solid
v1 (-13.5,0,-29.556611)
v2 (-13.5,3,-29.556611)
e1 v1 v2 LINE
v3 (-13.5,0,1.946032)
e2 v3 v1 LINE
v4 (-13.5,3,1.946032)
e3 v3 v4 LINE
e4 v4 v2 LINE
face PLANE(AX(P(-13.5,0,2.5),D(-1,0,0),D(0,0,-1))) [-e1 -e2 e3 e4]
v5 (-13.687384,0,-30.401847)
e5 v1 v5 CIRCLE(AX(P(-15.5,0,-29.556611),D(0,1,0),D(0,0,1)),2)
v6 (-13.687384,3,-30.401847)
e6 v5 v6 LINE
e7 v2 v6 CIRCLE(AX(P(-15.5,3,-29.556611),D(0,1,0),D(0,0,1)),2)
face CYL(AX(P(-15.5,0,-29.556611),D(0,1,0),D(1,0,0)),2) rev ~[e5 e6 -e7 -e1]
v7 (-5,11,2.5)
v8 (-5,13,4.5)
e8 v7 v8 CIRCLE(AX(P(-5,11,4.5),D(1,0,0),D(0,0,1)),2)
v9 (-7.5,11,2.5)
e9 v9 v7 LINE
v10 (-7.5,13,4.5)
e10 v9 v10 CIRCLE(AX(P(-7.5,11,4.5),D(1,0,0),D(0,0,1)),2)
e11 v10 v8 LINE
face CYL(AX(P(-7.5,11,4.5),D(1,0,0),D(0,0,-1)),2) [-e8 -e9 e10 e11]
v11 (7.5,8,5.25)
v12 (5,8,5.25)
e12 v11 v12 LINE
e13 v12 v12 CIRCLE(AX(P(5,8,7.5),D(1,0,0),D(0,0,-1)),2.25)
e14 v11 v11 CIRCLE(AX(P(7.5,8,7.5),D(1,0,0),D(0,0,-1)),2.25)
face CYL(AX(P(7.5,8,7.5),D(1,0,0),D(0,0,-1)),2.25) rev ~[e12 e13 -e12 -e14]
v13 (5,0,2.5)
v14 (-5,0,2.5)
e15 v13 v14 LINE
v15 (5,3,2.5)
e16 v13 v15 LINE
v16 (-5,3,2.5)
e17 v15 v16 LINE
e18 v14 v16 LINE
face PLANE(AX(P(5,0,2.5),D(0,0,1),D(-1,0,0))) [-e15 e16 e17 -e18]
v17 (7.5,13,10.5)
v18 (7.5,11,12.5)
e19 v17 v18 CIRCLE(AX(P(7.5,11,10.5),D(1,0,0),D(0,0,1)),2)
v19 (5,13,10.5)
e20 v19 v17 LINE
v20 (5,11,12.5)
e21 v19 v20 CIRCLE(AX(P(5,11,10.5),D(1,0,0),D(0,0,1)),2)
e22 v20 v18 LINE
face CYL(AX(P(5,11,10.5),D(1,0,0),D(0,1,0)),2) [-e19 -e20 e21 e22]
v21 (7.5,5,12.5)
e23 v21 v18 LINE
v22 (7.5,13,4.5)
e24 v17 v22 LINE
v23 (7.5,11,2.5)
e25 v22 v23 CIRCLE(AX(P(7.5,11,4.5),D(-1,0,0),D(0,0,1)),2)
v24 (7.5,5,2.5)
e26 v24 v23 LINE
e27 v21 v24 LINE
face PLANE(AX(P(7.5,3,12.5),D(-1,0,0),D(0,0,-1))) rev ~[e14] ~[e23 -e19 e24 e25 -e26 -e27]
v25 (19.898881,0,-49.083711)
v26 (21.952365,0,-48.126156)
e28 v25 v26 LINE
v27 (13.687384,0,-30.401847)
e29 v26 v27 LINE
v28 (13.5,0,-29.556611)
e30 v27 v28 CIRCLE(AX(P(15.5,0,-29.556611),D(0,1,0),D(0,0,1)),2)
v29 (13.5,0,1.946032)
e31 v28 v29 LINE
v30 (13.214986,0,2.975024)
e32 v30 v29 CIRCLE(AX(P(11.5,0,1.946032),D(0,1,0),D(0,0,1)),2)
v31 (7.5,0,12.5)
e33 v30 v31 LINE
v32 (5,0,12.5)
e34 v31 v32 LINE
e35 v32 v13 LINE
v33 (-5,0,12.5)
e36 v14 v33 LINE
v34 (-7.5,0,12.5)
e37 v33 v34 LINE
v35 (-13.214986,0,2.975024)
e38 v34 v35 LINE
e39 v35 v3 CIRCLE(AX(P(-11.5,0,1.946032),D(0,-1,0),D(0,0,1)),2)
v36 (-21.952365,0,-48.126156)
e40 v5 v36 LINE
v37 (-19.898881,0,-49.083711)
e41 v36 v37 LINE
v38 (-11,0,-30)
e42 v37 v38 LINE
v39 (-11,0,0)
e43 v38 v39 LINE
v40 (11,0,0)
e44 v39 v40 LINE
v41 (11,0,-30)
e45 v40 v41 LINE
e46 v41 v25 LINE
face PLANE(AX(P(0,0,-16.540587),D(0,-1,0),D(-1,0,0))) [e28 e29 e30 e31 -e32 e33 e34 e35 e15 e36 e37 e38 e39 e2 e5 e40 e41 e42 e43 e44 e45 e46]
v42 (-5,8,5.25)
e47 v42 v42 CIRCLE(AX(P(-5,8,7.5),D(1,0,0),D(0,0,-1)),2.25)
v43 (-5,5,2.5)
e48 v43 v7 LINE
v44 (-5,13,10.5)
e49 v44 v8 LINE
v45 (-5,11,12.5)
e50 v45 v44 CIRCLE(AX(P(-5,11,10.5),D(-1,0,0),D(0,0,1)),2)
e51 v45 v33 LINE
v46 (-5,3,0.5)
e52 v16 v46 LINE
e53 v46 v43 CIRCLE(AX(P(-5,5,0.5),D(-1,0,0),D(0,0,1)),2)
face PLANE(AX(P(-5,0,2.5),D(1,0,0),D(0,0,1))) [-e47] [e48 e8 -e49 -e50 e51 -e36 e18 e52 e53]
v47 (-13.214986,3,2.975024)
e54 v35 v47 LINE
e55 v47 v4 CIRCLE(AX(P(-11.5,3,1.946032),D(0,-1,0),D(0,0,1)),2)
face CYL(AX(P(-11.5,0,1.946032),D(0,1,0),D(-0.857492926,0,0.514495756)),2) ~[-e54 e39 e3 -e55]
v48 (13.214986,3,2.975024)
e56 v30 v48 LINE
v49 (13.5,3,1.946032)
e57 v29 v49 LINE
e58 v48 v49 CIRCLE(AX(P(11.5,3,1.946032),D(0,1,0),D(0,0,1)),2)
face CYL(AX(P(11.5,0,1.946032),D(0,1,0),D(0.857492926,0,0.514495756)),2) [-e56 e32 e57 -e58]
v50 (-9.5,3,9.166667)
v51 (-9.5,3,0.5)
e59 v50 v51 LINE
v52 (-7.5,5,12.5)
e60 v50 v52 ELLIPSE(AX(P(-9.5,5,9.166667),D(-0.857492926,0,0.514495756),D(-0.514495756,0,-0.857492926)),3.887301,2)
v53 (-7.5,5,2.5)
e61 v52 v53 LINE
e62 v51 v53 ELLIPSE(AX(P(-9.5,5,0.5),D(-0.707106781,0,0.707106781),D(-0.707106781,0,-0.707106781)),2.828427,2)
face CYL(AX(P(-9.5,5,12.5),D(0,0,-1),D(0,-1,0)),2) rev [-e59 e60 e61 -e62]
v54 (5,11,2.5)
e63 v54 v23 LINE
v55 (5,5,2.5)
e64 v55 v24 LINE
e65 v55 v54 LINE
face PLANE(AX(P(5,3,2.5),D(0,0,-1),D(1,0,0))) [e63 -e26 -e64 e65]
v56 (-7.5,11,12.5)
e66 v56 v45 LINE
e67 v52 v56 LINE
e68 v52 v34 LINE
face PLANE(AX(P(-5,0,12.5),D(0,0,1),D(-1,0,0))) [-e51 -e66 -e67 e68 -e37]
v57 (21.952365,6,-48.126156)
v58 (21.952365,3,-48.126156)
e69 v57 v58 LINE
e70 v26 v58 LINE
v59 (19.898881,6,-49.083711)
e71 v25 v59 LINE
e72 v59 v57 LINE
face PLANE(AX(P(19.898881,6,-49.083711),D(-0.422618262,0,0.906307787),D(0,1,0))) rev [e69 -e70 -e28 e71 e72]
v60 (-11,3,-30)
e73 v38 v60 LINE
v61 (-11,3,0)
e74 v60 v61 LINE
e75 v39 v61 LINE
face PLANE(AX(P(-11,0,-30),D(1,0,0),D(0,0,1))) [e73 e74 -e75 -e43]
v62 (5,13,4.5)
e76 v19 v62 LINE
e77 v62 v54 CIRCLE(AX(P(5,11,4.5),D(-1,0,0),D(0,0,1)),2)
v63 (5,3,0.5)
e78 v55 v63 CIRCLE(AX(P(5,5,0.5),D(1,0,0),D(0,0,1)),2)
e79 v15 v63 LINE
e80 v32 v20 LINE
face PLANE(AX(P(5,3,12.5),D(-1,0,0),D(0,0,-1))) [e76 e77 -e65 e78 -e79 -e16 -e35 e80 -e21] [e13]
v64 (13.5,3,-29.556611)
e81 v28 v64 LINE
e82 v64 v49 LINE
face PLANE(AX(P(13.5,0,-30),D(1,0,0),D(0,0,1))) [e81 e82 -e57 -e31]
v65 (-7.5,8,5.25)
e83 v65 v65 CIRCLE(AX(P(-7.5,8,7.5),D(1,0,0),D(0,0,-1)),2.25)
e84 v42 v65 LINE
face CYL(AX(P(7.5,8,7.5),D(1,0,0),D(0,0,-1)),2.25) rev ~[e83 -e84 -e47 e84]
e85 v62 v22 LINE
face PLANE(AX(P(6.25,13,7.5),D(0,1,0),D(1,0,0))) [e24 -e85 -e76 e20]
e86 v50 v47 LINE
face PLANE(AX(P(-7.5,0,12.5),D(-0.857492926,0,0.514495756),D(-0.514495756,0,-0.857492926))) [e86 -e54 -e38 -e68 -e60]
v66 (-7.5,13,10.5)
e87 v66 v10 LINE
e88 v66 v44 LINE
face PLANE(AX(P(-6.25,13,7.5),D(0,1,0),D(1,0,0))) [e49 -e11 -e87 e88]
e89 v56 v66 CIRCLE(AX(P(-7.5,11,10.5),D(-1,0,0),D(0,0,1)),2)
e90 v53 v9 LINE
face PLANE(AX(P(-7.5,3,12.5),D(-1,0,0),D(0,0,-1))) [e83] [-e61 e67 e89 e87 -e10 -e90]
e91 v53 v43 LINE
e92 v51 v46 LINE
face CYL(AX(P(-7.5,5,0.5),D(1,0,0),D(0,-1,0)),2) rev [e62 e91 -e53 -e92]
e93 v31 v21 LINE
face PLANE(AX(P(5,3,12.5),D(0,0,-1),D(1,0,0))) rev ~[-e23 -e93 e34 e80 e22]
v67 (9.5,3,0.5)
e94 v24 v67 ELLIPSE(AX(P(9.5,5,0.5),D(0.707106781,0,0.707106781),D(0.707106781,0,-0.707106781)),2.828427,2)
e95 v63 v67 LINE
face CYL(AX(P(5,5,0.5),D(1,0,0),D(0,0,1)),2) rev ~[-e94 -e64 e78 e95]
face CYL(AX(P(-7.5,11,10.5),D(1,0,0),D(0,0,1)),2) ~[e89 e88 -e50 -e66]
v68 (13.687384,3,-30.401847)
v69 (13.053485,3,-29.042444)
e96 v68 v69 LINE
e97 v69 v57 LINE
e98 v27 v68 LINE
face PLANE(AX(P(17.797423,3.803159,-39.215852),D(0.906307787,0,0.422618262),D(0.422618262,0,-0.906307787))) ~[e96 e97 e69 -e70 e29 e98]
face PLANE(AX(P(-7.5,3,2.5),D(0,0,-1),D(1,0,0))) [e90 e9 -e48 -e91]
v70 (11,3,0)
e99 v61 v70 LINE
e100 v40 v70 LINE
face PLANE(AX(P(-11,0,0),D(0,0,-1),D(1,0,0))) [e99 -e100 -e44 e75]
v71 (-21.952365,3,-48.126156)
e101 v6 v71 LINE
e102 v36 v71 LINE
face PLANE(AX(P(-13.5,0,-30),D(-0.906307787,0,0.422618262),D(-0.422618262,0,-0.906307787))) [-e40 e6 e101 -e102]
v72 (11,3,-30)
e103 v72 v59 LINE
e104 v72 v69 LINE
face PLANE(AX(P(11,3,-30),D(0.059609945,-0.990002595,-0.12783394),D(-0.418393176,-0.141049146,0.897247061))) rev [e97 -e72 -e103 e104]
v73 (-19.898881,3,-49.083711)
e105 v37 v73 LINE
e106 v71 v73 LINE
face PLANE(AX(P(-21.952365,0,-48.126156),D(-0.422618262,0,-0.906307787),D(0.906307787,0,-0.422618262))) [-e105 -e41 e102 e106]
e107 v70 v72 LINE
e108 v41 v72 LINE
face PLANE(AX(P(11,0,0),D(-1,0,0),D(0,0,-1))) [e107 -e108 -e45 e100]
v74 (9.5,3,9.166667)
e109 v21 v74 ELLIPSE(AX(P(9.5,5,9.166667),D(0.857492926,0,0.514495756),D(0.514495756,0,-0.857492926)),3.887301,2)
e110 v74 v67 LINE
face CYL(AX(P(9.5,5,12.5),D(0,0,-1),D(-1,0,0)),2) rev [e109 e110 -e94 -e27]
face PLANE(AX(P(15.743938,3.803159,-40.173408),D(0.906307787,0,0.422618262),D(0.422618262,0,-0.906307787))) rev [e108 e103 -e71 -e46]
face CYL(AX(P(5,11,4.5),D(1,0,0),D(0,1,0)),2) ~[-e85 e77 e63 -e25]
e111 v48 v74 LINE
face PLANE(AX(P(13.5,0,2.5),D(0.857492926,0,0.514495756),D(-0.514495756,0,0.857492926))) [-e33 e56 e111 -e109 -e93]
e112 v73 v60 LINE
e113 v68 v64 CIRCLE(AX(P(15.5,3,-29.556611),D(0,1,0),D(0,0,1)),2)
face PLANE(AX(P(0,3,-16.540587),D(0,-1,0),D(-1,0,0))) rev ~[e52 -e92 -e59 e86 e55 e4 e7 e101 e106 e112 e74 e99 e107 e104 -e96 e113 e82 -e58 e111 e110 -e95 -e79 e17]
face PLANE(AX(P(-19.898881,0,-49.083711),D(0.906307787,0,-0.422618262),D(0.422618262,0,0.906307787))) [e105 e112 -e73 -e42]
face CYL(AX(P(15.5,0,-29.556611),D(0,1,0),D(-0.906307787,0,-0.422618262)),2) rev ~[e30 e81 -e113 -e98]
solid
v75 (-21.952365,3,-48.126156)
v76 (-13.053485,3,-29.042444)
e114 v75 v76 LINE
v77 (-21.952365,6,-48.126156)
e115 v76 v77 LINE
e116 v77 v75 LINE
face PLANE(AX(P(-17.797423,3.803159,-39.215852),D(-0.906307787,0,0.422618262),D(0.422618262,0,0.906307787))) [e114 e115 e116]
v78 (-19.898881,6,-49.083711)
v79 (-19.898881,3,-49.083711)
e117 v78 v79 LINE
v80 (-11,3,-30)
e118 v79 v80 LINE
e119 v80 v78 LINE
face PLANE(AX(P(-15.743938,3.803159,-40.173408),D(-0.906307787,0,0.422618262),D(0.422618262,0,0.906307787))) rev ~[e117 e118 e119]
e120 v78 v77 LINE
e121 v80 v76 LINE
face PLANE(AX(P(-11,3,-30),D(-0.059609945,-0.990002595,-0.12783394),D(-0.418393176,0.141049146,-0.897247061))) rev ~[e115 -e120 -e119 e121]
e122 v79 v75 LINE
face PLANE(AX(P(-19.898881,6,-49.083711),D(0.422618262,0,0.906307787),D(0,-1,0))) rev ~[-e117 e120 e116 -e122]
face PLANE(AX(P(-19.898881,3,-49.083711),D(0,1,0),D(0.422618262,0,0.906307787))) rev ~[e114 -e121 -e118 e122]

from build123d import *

# Parameters (mm, degrees)
BOSS_EXTRUDE1_DEPTH = 3
BOSS_EXTRUDE2_DEPTH = 2.265769468
SKETCH3_W           = 2.500000000000001
SKETCH3_H           = 10.000000000000002
BOSS_EXTRUDE3_DEPTH = 10
SKETCH4_R           = 2.25
CUT_EXTRUDE1_DEPTH  = 59.699680853056826
FILLET1_R           = 2


with BuildPart() as part:
    # Sketch1 → Boss-Extrude1 (new body)
    with BuildSketch(Plane(origin=(0, 0, 0), x_dir=(1, 0, 0), z_dir=(0, 1, 0))):
        Polygon((11, 0), (11.000000000000007, 30), (19.898880722705854, 49.083711294631705), (21.952365234814025, 48.126155740732976), (13.500000000000009, 30), (13.500000000000005, -2.5), (7.499999997441382, -12.5), (4.999999997441382, -12.5), (4.999999997441381, -2.5), (-4.999999997441381, -2.5), (-4.999999997441382, -12.5), (-7.499999997441382, -12.5), (-13.500000000000005, -2.5), (-13.500000000000009, 30), (-21.952365234814025, 48.126155740732976), (-19.898880722705854, 49.083711294631705), (-11.000000000000007, 30), (-11, 0), align=None)
    extrude(amount=BOSS_EXTRUDE1_DEPTH)


with BuildPart() as body_2:
    # Sketch2 → Boss-Extrude2 (new body)
    with BuildSketch(Plane(origin=(2.4553347935087504, 0, -1.1449414175475578), x_dir=(-0.42261826174070105, 0, -0.9063077870366492), z_dir=(0.9063077870366493, 0, -0.4226182617407011))):
        Polygon((31.8380344902472, 3), (52.89458014459895, 6), (52.89458014459895, 3), align=None)
    boss_extrude2 = extrude(amount=-BOSS_EXTRUDE2_DEPTH)


with BuildPart() as part_1:
    add(part.part)

    # Mirror4: Boss-Extrude2 across plane
    add(boss_extrude2.mirror(Plane(origin=(0, 0, 0), x_dir=(0, 0, 1), z_dir=(1, 0, 0))))

    # Sketch3 → Boss-Extrude3 (add)
    with BuildSketch(Plane(origin=(0, 3, 0), x_dir=(1, 0, 0), z_dir=(0, 1, 0))):
        with Locations((6.249999997441382, -7.500000000000001)):
            Rectangle(SKETCH3_W, SKETCH3_H)
        with Locations((-6.249999997441382, -7.500000000000001)):
            Rectangle(SKETCH3_W, SKETCH3_H)
    extrude(amount=BOSS_EXTRUDE3_DEPTH)

    # Sketch4 → Cut-Extrude1 (cut, through all)
    with BuildSketch(Plane(origin=(7.499999997441382, 0, 0), x_dir=(0, 0, -1), z_dir=(1, 0, 0))):
        with Locations((-7.500000000000001, 8)):
            Circle(SKETCH4_R)
    extrude(amount=-CUT_EXTRUDE1_DEPTH, mode=Mode.SUBTRACT)

    # Fillet1
    fillet1_edges = [part_1.edges().sort_by_distance(p)[0] for p in [
        (13.500000000000009, 1.5, -30),
        (13.500000000000005, 1.5, 2.5),
        (-13.500000000000005, 1.5, 2.5),
        (-13.500000000000009, 1.5, -30),
        (7.499999997441382, 3, 7.5),
        (6.249999997441382, 3, 2.5),
        (6.249999997441382, 13, 2.5),
        (6.249999997441382, 13, 12.5),
        (-7.499999997441382, 3, 7.5),
        (-6.249999997441382, 3, 2.5),
        (-6.249999997441382, 13, 12.5),
        (-6.249999997441382, 13, 2.5),
    ]]
    fillet(fillet1_edges, radius=FILLET1_R)


solid = Compound([body_2.part, part_1.part])
